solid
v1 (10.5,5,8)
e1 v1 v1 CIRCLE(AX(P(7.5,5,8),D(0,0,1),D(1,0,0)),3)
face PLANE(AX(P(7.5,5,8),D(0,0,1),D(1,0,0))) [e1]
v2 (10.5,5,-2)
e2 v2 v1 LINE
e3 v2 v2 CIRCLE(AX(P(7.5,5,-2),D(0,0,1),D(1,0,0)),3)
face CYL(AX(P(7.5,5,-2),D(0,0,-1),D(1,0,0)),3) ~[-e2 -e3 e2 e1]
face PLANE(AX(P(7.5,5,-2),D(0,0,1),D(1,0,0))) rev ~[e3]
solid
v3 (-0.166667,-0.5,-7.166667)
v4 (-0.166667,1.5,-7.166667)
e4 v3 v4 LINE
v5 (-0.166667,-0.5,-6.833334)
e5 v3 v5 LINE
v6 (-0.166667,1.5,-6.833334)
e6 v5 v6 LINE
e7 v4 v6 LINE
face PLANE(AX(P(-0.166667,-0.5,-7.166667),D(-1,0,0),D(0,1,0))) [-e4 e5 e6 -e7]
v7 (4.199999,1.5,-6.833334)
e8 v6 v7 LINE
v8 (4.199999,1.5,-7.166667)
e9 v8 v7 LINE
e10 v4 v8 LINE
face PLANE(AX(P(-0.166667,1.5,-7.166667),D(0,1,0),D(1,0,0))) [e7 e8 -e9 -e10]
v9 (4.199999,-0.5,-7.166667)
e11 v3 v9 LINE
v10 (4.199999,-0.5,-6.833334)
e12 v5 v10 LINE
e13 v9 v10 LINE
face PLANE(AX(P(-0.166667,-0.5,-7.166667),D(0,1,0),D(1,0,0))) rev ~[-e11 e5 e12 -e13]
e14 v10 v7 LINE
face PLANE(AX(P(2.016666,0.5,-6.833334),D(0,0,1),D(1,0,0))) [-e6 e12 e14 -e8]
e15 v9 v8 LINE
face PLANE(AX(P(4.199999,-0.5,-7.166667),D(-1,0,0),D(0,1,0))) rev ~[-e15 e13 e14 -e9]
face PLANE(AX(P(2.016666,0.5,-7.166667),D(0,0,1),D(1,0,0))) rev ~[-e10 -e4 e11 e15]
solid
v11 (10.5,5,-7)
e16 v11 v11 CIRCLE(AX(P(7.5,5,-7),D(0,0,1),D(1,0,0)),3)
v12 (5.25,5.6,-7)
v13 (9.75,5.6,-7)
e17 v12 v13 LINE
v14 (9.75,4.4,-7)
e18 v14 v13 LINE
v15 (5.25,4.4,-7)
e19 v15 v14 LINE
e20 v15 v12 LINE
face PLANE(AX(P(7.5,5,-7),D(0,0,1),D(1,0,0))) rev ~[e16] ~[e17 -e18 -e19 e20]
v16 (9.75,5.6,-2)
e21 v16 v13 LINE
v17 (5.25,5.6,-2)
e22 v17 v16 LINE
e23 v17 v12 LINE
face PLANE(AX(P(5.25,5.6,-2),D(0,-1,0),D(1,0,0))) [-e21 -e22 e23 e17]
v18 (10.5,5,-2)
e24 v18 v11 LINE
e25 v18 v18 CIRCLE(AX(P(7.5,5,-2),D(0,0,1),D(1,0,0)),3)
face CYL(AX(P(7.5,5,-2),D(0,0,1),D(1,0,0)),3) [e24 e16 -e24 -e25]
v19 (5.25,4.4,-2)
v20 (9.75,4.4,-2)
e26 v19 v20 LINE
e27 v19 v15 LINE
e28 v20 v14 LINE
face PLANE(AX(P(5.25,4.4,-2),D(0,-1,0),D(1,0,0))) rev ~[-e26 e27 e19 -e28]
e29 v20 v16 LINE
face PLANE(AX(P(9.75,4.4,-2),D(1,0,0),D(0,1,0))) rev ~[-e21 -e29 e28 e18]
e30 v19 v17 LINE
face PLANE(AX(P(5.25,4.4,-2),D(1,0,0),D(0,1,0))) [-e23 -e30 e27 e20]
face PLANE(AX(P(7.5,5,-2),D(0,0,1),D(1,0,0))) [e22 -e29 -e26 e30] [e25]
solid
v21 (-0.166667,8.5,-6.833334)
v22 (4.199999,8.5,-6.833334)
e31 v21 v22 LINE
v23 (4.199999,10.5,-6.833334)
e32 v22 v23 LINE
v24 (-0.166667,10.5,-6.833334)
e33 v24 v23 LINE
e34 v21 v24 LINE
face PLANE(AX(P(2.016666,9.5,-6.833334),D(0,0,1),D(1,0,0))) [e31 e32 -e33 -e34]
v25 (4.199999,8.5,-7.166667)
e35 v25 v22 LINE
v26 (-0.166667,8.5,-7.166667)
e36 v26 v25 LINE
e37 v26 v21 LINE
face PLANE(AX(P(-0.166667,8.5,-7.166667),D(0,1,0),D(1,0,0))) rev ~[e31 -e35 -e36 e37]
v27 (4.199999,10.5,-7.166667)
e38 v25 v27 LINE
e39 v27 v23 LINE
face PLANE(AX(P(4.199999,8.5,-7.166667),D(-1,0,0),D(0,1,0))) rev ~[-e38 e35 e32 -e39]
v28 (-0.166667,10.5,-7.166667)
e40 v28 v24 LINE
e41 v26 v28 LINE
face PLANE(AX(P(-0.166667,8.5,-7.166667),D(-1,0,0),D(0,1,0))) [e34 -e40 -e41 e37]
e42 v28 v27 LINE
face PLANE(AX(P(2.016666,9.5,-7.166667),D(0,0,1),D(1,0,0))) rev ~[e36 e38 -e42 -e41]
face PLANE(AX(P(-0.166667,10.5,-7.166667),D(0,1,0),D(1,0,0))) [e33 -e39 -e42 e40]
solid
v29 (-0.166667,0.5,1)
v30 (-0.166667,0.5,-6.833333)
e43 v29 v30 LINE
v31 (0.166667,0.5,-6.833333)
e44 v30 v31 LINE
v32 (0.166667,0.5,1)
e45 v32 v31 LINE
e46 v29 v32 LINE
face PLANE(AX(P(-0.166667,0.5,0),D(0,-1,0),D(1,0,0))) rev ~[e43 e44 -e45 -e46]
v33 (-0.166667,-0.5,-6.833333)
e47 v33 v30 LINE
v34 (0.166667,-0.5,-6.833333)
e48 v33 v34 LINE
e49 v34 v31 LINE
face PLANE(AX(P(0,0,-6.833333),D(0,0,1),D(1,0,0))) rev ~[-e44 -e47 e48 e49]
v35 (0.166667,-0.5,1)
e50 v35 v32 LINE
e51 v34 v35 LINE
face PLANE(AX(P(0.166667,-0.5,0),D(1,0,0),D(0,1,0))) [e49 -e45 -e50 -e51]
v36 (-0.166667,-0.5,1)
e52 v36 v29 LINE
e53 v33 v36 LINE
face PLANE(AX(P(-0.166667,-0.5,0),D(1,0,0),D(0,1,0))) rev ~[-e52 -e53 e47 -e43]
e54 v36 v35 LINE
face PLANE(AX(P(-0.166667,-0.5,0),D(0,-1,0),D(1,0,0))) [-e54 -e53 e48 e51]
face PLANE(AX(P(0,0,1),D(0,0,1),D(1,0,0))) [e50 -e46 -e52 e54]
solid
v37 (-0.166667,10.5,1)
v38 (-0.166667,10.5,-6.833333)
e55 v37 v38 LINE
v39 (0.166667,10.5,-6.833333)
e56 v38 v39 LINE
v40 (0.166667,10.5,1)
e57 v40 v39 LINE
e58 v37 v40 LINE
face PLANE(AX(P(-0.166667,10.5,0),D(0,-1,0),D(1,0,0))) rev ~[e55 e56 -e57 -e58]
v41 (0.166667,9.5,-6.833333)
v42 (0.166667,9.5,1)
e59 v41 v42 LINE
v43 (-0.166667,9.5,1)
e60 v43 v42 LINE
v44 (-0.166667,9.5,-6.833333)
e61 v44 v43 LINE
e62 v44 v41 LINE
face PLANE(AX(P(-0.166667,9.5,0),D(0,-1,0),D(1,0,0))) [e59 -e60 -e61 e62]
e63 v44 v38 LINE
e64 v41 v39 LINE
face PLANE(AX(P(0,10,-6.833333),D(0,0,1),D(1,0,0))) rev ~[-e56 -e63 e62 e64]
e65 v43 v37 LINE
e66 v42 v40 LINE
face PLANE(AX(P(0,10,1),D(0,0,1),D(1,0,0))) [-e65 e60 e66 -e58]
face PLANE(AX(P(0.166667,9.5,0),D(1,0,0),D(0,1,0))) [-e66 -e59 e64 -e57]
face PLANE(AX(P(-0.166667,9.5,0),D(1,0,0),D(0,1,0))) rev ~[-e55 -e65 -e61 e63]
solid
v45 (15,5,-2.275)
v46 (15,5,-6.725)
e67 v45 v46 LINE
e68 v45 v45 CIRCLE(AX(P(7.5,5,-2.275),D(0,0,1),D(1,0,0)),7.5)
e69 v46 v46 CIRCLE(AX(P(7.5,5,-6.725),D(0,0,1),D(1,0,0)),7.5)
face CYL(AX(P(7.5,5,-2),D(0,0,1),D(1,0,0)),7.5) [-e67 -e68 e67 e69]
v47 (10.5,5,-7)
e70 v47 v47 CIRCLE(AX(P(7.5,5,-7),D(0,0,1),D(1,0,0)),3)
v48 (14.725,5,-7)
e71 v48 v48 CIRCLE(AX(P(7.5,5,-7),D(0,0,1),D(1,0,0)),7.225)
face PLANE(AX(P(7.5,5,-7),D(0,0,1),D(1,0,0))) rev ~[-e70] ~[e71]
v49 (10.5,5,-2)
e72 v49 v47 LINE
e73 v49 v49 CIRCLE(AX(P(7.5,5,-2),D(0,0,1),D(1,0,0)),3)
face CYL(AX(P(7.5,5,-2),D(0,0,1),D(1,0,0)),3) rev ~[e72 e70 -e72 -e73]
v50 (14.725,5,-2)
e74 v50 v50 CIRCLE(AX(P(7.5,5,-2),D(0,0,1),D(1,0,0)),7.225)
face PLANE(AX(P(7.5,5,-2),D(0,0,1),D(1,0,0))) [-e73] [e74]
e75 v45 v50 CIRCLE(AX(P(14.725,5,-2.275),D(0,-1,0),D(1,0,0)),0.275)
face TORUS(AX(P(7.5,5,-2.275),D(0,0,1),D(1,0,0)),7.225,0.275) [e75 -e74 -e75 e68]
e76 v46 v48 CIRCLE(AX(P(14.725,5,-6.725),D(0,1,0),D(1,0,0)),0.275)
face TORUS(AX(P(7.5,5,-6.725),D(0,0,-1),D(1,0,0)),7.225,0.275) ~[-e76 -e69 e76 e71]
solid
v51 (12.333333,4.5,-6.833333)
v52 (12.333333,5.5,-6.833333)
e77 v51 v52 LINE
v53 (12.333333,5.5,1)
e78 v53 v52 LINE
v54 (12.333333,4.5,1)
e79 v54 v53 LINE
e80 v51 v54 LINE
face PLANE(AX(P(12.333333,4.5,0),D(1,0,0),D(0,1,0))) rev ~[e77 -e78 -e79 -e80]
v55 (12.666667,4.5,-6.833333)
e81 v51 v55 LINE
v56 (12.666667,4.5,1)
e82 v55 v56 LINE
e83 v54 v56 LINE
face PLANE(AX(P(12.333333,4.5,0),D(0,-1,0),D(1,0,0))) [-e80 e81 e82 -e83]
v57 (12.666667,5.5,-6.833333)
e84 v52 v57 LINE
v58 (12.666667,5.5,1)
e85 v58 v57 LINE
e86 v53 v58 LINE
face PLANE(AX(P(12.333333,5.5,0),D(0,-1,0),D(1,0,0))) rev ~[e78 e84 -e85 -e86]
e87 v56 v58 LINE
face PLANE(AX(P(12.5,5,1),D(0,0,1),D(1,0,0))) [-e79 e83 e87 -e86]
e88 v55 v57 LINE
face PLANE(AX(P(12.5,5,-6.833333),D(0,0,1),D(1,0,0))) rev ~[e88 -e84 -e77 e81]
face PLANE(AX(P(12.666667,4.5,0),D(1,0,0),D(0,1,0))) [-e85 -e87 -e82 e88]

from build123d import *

# Parameters (mm, degrees)
SKETCH003_W       = 0.333334
SKETCH003_H       = 1
PAD002_DEPTH      = 1
PAD002_DEPTH_BACK = 6.833333
SKETCH004_R       = 3
SKETCH004_W       = 4.5
SKETCH004_H       = 1.2
PAD003_DEPTH      = 5
SKETCH_R          = 7.5
SKETCH_R_2        = 3
PAD_DEPTH         = 5
FILLET_R          = 0.275
SKETCH005_W       = 4.366667
SKETCH005_H       = 2
PAD004_DEPTH      = 0.333333
SKETCH006_R       = 3
PAD005_DEPTH      = 10


with BuildPart() as pad002:
    # Sketch003 → Pad002 (new body, two sides)
    with BuildSketch(Plane(origin=(0, 10, 0), x_dir=(1, 0, 0), z_dir=(0, 0, 1))) as pad002_sk:
        Rectangle(SKETCH003_W, SKETCH003_H)
        with Locations((12.5, -5)):
            Rectangle(SKETCH003_W, SKETCH003_H)
        with Locations((0, -10)):
            Rectangle(SKETCH003_W, SKETCH003_H)
    extrude(amount=PAD002_DEPTH)
    extrude(pad002_sk.sketch, amount=-PAD002_DEPTH_BACK)


with BuildPart() as pad003:
    # Sketch004 → Pad003 (new body)
    with BuildSketch(Plane(origin=(0, 10, -2), x_dir=(1, 0, 0), z_dir=(0, 0, 1))):
        with Locations((7.5, -5)):
            Circle(SKETCH004_R)
        with Locations((7.5, -5)):
            Rectangle(SKETCH004_W, SKETCH004_H, mode=Mode.SUBTRACT)
    extrude(amount=-PAD003_DEPTH)


with BuildPart() as fillet_body:
    # Sketch → Pad (new body)
    with BuildSketch(Plane(origin=(0, 10, -2), x_dir=(1, 0, 0), z_dir=(0, 0, 1))):
        with Locations((7.5, -5)):
            Circle(SKETCH_R)
        with Locations((7.5, -5)):
            Circle(SKETCH_R_2, mode=Mode.SUBTRACT)
    extrude(amount=-PAD_DEPTH)

    # Fillet
    fillet_edges = [fillet_body.edges().sort_by_distance(p)[0] for p in [
        (0, 5, -2),
        (0, 5, -7),
    ]]
    fillet(fillet_edges, radius=FILLET_R)


with BuildPart() as pad004:
    # Sketch005 → Pad004 (new body)
    with BuildSketch(Plane(origin=(0, 10, -7.166667), x_dir=(1, 0, 0), z_dir=(0, 0, 1))):
        with Locations((2.016666, -0.5)):
            Rectangle(SKETCH005_W, SKETCH005_H)
        with Locations((2.016666, -9.5)):
            Rectangle(SKETCH005_W, SKETCH005_H)
    extrude(amount=PAD004_DEPTH)


with BuildPart() as pad005:
    # Sketch006 → Pad005 (new body)
    with BuildSketch(Plane(origin=(0, 10, -2), x_dir=(1, 0, 0), z_dir=(0, 0, 1))):
        with Locations((7.5, -5)):
            Circle(SKETCH006_R)
    extrude(amount=PAD005_DEPTH)


solid = Compound([pad002.part, pad003.part, fillet_body.part, pad004.part, pad005.part])
